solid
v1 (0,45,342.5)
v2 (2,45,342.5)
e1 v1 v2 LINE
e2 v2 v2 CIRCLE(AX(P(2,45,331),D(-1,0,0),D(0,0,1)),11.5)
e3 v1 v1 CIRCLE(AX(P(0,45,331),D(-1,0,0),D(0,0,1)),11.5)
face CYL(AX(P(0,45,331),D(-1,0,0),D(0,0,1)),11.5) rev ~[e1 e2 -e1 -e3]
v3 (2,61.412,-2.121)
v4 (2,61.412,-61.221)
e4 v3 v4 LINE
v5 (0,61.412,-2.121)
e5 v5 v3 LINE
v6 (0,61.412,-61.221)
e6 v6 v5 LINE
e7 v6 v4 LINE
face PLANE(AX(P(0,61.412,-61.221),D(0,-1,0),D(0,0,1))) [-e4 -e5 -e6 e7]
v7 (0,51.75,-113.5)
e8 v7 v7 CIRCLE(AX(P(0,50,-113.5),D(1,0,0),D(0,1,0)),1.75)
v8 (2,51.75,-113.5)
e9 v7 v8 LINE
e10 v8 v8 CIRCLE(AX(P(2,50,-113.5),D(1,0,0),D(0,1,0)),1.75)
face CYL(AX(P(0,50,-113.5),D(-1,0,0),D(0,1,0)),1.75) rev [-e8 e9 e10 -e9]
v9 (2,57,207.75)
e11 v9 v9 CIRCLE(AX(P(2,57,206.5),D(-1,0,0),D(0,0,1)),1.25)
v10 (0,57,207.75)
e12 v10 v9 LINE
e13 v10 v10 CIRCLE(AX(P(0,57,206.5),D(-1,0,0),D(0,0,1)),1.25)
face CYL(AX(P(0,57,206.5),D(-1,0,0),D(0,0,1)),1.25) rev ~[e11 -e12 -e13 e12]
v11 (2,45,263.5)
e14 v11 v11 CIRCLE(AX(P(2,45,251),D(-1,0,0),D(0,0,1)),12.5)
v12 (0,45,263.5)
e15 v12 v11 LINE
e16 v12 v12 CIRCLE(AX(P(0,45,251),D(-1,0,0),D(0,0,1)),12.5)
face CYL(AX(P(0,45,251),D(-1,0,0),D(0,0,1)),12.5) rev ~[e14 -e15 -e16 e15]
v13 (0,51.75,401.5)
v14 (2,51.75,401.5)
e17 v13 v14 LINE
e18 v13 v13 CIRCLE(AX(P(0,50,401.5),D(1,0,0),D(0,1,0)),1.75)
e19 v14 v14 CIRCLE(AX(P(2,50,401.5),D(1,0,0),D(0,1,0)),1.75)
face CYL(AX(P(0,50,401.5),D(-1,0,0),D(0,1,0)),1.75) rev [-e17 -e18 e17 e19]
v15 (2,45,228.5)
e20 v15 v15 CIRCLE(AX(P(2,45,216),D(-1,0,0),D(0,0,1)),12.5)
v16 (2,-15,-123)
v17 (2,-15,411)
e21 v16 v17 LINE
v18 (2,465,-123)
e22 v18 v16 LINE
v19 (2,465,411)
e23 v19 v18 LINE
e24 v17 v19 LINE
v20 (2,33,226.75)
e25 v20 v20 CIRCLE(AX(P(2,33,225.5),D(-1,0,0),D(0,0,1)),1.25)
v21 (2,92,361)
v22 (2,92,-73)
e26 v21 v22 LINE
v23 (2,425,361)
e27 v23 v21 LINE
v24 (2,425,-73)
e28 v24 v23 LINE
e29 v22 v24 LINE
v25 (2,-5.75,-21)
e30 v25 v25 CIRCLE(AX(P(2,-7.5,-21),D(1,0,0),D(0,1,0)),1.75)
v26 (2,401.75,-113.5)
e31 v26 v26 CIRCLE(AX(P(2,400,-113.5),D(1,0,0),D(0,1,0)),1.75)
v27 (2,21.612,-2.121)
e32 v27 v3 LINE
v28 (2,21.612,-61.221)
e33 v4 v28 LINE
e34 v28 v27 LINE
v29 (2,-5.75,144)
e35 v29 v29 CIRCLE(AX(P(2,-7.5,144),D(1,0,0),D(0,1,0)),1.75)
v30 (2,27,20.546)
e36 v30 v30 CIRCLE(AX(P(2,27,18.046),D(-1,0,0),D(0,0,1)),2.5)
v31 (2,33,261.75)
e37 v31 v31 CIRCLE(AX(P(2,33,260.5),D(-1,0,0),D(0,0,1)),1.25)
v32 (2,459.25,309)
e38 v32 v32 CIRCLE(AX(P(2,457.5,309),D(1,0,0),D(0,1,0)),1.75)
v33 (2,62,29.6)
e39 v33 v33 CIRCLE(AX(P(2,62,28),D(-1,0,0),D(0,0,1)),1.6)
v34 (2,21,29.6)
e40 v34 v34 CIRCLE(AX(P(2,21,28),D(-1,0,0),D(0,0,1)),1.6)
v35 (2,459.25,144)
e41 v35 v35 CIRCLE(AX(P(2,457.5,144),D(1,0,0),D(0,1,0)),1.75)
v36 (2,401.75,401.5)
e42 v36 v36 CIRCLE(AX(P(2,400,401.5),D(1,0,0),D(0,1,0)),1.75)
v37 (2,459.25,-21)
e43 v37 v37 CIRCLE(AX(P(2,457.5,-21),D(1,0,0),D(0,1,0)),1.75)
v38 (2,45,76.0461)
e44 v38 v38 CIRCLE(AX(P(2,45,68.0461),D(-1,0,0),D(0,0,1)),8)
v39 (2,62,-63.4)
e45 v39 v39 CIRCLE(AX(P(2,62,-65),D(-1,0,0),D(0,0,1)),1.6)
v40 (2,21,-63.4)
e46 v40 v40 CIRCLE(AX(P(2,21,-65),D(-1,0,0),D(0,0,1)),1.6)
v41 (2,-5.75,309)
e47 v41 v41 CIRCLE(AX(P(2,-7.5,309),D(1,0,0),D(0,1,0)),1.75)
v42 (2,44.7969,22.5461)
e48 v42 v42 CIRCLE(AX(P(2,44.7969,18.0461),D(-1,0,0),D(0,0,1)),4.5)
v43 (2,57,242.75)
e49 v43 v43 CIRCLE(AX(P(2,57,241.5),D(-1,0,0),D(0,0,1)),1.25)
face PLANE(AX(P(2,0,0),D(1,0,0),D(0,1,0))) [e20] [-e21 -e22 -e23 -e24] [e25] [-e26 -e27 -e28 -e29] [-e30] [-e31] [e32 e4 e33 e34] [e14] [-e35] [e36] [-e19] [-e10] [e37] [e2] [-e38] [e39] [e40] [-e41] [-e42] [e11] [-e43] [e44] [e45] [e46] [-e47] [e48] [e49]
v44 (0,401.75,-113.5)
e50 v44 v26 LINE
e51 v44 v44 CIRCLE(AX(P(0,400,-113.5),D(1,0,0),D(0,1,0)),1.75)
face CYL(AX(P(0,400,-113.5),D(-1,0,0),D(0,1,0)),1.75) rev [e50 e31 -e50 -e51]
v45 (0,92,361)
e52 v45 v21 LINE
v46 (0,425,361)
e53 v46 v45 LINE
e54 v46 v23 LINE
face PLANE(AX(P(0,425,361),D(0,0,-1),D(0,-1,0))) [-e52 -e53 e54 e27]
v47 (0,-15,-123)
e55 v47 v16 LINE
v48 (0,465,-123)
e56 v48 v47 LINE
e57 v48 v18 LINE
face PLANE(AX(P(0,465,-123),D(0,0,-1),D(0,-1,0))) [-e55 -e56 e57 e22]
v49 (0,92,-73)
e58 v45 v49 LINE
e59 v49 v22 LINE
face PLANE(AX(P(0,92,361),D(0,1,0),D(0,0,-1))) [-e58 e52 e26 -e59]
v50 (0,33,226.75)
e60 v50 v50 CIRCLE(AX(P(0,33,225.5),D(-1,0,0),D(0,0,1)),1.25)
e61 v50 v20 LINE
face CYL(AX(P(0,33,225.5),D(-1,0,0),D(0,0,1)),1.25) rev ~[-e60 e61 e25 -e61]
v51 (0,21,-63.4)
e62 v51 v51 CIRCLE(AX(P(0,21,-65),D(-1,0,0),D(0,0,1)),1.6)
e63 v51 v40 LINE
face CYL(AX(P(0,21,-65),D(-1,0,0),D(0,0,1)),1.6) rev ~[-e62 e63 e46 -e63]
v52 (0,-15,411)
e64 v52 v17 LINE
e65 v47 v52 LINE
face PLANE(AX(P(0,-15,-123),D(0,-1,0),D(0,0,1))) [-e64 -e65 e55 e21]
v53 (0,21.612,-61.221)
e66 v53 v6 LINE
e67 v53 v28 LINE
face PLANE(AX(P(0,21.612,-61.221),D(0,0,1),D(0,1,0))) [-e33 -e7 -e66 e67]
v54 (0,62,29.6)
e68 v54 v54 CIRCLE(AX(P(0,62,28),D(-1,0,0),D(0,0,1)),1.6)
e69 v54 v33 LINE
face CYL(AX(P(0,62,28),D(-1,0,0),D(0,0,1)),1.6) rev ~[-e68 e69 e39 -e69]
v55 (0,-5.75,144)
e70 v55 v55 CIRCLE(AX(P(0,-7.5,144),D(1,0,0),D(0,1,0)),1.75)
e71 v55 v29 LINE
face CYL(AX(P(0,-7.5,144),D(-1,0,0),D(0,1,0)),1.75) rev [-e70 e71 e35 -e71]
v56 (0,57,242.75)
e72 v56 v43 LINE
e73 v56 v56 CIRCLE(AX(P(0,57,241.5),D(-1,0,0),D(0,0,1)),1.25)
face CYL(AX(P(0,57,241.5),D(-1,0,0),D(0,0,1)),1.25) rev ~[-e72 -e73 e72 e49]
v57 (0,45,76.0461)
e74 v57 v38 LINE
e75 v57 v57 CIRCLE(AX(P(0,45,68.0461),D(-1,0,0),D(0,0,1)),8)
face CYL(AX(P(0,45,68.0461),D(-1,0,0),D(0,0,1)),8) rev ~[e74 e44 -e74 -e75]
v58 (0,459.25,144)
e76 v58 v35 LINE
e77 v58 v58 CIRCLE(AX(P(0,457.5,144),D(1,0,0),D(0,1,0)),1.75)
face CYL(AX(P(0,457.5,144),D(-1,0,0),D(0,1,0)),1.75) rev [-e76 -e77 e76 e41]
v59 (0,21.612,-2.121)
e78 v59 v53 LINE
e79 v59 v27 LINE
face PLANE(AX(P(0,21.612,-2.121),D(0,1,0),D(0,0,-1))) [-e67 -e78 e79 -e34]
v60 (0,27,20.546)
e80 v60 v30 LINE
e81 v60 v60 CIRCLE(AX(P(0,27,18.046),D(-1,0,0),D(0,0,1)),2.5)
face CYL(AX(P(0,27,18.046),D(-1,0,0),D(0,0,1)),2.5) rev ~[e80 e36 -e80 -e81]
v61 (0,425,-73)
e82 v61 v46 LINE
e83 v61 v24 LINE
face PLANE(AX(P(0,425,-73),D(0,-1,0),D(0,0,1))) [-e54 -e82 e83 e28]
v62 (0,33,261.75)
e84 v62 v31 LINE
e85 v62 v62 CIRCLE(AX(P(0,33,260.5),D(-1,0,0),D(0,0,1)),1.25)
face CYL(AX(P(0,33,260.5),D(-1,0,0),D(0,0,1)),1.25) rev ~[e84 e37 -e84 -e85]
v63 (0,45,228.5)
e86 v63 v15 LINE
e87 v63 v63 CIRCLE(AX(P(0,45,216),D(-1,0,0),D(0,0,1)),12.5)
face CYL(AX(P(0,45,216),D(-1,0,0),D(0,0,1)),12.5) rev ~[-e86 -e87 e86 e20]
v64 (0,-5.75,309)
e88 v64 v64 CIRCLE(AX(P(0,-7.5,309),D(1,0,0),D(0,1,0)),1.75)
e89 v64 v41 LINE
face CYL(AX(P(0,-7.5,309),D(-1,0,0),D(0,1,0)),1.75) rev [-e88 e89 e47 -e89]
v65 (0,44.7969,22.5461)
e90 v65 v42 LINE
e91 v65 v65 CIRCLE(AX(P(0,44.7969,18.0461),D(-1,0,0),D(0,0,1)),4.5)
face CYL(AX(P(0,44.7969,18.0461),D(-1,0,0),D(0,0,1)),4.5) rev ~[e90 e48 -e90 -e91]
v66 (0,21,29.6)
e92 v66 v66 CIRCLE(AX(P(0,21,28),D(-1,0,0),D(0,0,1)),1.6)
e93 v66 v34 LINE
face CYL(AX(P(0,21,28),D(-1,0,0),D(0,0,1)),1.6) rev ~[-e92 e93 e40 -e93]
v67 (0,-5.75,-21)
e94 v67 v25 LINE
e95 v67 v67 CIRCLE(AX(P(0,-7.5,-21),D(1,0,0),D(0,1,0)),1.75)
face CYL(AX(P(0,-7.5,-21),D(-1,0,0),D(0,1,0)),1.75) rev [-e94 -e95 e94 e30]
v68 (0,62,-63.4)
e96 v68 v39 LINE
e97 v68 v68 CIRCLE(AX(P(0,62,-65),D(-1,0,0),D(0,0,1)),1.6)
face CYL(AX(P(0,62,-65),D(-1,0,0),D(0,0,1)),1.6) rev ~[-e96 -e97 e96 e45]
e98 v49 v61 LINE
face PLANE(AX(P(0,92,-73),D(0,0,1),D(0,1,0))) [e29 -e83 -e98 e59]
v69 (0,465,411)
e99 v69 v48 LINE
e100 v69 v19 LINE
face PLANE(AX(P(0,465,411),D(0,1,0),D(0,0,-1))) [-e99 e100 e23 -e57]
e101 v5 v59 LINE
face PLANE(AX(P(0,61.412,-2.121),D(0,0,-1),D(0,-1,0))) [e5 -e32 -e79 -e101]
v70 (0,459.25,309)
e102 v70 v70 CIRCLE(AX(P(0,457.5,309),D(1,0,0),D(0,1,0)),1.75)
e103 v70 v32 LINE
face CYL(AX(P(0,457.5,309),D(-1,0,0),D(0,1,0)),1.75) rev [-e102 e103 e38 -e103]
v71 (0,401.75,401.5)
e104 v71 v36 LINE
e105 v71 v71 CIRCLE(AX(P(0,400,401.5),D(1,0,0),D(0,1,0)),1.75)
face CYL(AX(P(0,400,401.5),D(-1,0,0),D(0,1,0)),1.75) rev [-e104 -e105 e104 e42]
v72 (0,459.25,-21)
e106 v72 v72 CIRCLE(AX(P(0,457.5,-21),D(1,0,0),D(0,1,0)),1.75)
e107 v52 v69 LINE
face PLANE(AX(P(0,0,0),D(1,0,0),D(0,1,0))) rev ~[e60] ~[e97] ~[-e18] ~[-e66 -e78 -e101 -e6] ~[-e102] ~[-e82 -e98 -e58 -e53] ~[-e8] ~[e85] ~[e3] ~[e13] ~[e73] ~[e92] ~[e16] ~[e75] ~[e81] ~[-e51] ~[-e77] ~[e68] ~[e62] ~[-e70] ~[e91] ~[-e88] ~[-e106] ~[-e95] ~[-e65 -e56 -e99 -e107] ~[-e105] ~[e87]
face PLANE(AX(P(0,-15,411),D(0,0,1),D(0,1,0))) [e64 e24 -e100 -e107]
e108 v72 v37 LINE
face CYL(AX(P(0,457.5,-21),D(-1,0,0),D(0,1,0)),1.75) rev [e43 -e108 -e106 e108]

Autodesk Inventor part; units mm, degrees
ref_plane "YZ Plane" through (0, 0, 0) normal (1, 0, 0) x (0, 1, 0)
ref_plane "XZ Plane" through (0, 0, 0) normal (0, 1, 0) x (-1, 0, 0)
ref_plane "XY Plane" through (0, 0, 0) normal (0, 0, 1) x (1, 0, 0)
sketch "Sketch1" plane through (0, 0, 0) normal (1, 0, 0) x (0, 1, 0)
  line L0 (465, 411) -> (465, -123) projected
  line L1 (465, -123) -> (-15, -123) projected
  line L2 (-15, -123) -> (-15, 411) projected
  line L3 (-15, 411) -> (465, 411) projected
  circle A0 centre (400, -113.5) radius 1.75 projected
  circle A1 centre (50, 401.5) radius 1.75 projected
  circle A2 centre (400, 401.5) radius 1.75 projected
  circle A3 centre (-7.5, -21) radius 1.75 projected
  circle A4 centre (-7.5, 144) radius 1.75 projected
  circle A5 centre (-7.5, 309) radius 1.75 projected
  circle A6 centre (457.5, 144) radius 1.75 projected
  circle A7 centre (457.5, -21) radius 1.75 projected
  circle A8 centre (457.5, 309) radius 1.75 projected
  circle A9 centre (50, -113.5) radius 1.75 projected
  line L4 (47, 380) -> (15, 380) projected
  line L5 (15, 380) -> (15, 352) projected
  line L6 (15, 352) -> (47, 352) projected
  line L7 (47, 352) -> (47, 380) projected
  circle A10 centre (31, 384) radius 1.6 projected
  circle A11 centre (31, 348) radius 1.6 projected
  line L8 (40.5, 334.5) -> (21.5, 334.5) projected
  line L9 (21.5, 334.5) -> (21.5, 321.5) projected
  line L10 (21.5, 321.5) -> (40.5, 321.5) projected
  line L11 (40.5, 321.5) -> (40.5, 334.5) projected
  circle A12 centre (63, 292) radius 1.75 projected
  circle A13 centre (63, 12) radius 1.75 projected
  circle A14 centre (63, 62) radius 1.75 projected
  circle A15 centre (38, 37) radius 29.5 projected
  circle A16 centre (13, 292) radius 1.75 projected
  circle A17 centre (63, 242) radius 1.75 projected
  circle A18 centre (13, 12) radius 1.75 projected
  circle A19 centre (13, 62) radius 1.75 projected
  circle A20 centre (13, 242) radius 1.75 projected
  circle A21 centre (38, 267) radius 29.5 projected
  circle A22 centre (25, -23) radius 12.5 projected
  circle A23 centre (37, -73.5) radius 1.25 projected
  circle A24 centre (13, -92.5) radius 1.25 projected
  circle A25 centre (13, -32.5) radius 1.25 projected
  circle A26 centre (25, -53) radius 12.5 projected
  circle A27 centre (13, -62.5) radius 1.25 projected
  circle A28 centre (37, -13.5) radius 1.25 projected
  circle A29 centre (37, -43.5) radius 1.25 projected
  circle A30 centre (25, -83) radius 12.5 projected
  circle A31 centre (265, 270.25) radius 1.6 projected
  circle A32 centre (240, 295.25) radius 1.6 projected
  circle A33 centre (265, -7.25) radius 1.6 projected
  circle A34 centre (240, -7.25) radius 1.6 projected
  circle A35 centre (240, 17.75) radius 1.6 projected
  circle A36 centre (265, 17.75) radius 1.6 projected
  circle A37 centre (265, 295.25) radius 1.6 projected
  circle A38 centre (240, 270.25) radius 1.6 projected
  arc A39 (408.5, -76.2501) -> (408.5, -79.7501) centre (408.5, -78.0001) ccw projected
  arc A40 (415.5, -89.7501) -> (415.5, -86.2501) centre (415.5, -88.0001) ccw projected
  arc A41 (408.5, -86.2501) -> (408.5, -89.7501) centre (408.5, -88.0001) ccw projected
  arc A42 (415.5, -79.7501) -> (415.5, -76.2501) centre (415.5, -78.0001) ccw projected
  line L12 (408.5, -89.7501) -> (415.5, -89.7501) projected
  line L13 (415.5, -86.2501) -> (408.5, -86.2501) projected
  line L14 (408.5, -79.7501) -> (415.5, -79.7501) projected
  line L15 (415.5, -76.2501) -> (408.5, -76.2501) projected
  point P0 (0, 0)
  point P1 (37, 276.8868)
  point P2 (37, 271.1132)
extrude "Extrusion1" add sketch "Sketch1" along normal blind 2 contours L0 L1 L2 L3 | L7 L6 L5 L4 | A10 | A11 | L11 L10 L9 L8 | A12 | A13 | A14 | A15 | A16 | A17 | A18 | A19 | A20 | A21 | A22 | A23 | A24 | A25 | A26 | A27 | A28 | A29 | A30 | A31 | A32 | A33 | A34 | A35 | A36 | A37 | A38 | L15 A42 L14 A39 | L12 A41 L13 A40
sketch "Sketch2" plane through (0, 0, 0) normal (-1, 0, 0) x (0, 0, 1)
  line L0 (411, -15) -> (-123, -15) projected
  line L1 (411, 465) -> (411, -15) projected
  line L2 (-123, 465) -> (411, 465) projected
  line L3 (-123, -15) -> (-123, 465) projected
  circle A0 centre (-113.5, 50) radius 1.75 projected
  circle A1 centre (-21, 457.5) radius 1.75 projected
  circle A2 centre (144, 457.5) radius 1.75 projected
  circle A3 centre (309, -7.5) radius 1.75 projected
  circle A4 centre (144, -7.5) radius 1.75 projected
  circle A5 centre (-21, -7.5) radius 1.75 projected
  circle A6 centre (401.5, 400) radius 1.75 projected
  circle A7 centre (401.5, 50) radius 1.75 projected
  circle A8 centre (-113.5, 400) radius 1.75 projected
  circle A9 centre (309, 457.5) radius 1.75 projected
  line L4 (-73, 425) -> (361, 425)
  line L5 (361, 425) -> (361, 92)
  line L6 (361, 92) -> (-73, 92)
  line L7 (-73, 92) -> (-73, 425)
  point P0 (0, 0)
  dimension "d2" = 50
  dimension "d3" = 50
  dimension "d4" = 40
  dimension "d5" = 107
extrude "Extrusion2" cut sketch "Sketch2" against normal blind 2 contours L4 L5 L6 L7
sketch "Sketch3" plane through (0, 0, 0) normal (-1, 0, 0) x (0, 0, 1)
  line L0 (361, 425) -> (361, 92) projected
  line L1 (361, 92) -> (-73, 92) projected
  line L2 (-73, 92) -> (-73, 425) projected
  line L3 (-73, 425) -> (361, 425) projected
  line L4 (411, -15) -> (-123, -15) projected
  line L5 (411, 465) -> (411, -15) projected
  line L6 (-123, 465) -> (411, 465) projected
  line L7 (-123, -15) -> (-123, 465) projected
  circle A0 centre (-113.5, 50) radius 1.75 projected
  circle A1 centre (-21, 457.5) radius 1.75 projected
  circle A2 centre (144, 457.5) radius 1.75 projected
  circle A3 centre (309, -7.5) radius 1.75 projected
  circle A4 centre (144, -7.5) radius 1.75 projected
  circle A5 centre (-21, -7.5) radius 1.75 projected
  circle A6 centre (401.5, 400) radius 1.75 projected
  circle A7 centre (401.5, 50) radius 1.75 projected
  circle A8 centre (-113.5, 400) radius 1.75 projected
  circle A9 centre (309, 457.5) radius 1.75 projected
  circle A10 centre (331, 45) radius 11.5
  line L8 (-60.221, 60.412) -> (-3.121, 60.412) construction
  line L9 (-60.221, 22.612) -> (-60.221, 60.412) construction
  line L10 (-3.121, 22.612) -> (-60.221, 22.612) construction
  line L11 (-3.121, 39.012) -> (-3.121, 22.612) construction
  line L12 (-3.121, 50.012) -> (-3.121, 39.012) construction
  line L13 (-3.121, 60.412) -> (-3.121, 50.012) construction
  arc A11 (-4.921, 57.812) -> (-5.721, 58.612) centre (-5.721, 57.812) ccw construction
  line L14 (-4.921, 30.612) -> (-4.921, 57.812) construction
  arc A12 (-5.721, 29.812) -> (-4.921, 30.612) centre (-5.721, 30.612) ccw construction
  line L15 (-57.621, 29.812) -> (-5.721, 29.812) construction
  arc A13 (-58.421, 30.612) -> (-57.621, 29.812) centre (-57.621, 30.612) ccw construction
  line L16 (-58.421, 57.812) -> (-58.421, 30.612) construction
  arc A14 (-57.621, 58.612) -> (-58.421, 57.812) centre (-57.621, 57.812) ccw construction
  line L17 (-5.721, 58.612) -> (-57.621, 58.612) construction
  circle A15 centre (18.046, 27) radius 1.75 construction
  circle A16 centre (18.0461, 44.7969) radius 3.5 construction
  circle A17 centre (18.0461, 44.7969) radius 4.5
  circle A18 centre (18.046, 27) radius 2.5
  line L18 (-61.221, 61.412) -> (-2.121, 61.412)
  line L19 (-2.121, 61.412) -> (-2.121, 21.612)
  line L20 (-2.121, 21.612) -> (-61.221, 21.612)
  line L21 (-61.221, 21.612) -> (-61.221, 61.412)
  circle A19 centre (-65, 62) radius 1.6 projected
  circle A20 centre (-65, 21) radius 1.6 projected
  circle A21 centre (28, 62) radius 1.6 projected
  circle A22 centre (28, 21) radius 1.6 projected
  circle A23 centre (251, 45) radius 12.5
  circle A24 centre (241.5, 57) radius 1.25
  circle A25 centre (260.5, 33) radius 1.25
  circle A26 centre (225.5, 33) radius 1.25
  circle A27 centre (206.5, 57) radius 1.25
  circle A28 centre (216, 45) radius 12.5
  circle A29 centre (68.0461, 45) radius 8
  point P0 (0, 0)
  dimension "d11" = 23
  dimension "d12" = 60
  dimension "d13" = 80
  dimension "d16" = 9
  dimension "d17" = 5
  dimension "d18" = 1
  dimension "d19" = 1
  dimension "d20" = 1
  dimension "d21" = 1
  dimension "d22" = 9.5
  dimension "d23" = 9.5
  dimension "d24" = 12
  dimension "d25" = 12
  dimension "d26" = 25
  dimension "d27" = 2.5
  dimension "d30" = 35
  dimension "d35" = 80
  dimension "d36" = 16
  dimension "d37" = 50
extrude "Extrusion3" cut sketch "Sketch3" against normal through all contours A10 | A17 | A18 | L18 L19 L20 L21 | A19 | A20 | A21 | A22 | A23 | A24 | A25 | A26 | A27 | A28 | A29
equation "\"d3\" = d2"
equation "\"d19\" = d18"
equation "\"d20\" = d19"
equation "\"d21\" = d19"
equation "\"d23\" = d22"
equation "\"d25\" = d24"
properties part number "Front Panel" material "Aluminum 6061"
